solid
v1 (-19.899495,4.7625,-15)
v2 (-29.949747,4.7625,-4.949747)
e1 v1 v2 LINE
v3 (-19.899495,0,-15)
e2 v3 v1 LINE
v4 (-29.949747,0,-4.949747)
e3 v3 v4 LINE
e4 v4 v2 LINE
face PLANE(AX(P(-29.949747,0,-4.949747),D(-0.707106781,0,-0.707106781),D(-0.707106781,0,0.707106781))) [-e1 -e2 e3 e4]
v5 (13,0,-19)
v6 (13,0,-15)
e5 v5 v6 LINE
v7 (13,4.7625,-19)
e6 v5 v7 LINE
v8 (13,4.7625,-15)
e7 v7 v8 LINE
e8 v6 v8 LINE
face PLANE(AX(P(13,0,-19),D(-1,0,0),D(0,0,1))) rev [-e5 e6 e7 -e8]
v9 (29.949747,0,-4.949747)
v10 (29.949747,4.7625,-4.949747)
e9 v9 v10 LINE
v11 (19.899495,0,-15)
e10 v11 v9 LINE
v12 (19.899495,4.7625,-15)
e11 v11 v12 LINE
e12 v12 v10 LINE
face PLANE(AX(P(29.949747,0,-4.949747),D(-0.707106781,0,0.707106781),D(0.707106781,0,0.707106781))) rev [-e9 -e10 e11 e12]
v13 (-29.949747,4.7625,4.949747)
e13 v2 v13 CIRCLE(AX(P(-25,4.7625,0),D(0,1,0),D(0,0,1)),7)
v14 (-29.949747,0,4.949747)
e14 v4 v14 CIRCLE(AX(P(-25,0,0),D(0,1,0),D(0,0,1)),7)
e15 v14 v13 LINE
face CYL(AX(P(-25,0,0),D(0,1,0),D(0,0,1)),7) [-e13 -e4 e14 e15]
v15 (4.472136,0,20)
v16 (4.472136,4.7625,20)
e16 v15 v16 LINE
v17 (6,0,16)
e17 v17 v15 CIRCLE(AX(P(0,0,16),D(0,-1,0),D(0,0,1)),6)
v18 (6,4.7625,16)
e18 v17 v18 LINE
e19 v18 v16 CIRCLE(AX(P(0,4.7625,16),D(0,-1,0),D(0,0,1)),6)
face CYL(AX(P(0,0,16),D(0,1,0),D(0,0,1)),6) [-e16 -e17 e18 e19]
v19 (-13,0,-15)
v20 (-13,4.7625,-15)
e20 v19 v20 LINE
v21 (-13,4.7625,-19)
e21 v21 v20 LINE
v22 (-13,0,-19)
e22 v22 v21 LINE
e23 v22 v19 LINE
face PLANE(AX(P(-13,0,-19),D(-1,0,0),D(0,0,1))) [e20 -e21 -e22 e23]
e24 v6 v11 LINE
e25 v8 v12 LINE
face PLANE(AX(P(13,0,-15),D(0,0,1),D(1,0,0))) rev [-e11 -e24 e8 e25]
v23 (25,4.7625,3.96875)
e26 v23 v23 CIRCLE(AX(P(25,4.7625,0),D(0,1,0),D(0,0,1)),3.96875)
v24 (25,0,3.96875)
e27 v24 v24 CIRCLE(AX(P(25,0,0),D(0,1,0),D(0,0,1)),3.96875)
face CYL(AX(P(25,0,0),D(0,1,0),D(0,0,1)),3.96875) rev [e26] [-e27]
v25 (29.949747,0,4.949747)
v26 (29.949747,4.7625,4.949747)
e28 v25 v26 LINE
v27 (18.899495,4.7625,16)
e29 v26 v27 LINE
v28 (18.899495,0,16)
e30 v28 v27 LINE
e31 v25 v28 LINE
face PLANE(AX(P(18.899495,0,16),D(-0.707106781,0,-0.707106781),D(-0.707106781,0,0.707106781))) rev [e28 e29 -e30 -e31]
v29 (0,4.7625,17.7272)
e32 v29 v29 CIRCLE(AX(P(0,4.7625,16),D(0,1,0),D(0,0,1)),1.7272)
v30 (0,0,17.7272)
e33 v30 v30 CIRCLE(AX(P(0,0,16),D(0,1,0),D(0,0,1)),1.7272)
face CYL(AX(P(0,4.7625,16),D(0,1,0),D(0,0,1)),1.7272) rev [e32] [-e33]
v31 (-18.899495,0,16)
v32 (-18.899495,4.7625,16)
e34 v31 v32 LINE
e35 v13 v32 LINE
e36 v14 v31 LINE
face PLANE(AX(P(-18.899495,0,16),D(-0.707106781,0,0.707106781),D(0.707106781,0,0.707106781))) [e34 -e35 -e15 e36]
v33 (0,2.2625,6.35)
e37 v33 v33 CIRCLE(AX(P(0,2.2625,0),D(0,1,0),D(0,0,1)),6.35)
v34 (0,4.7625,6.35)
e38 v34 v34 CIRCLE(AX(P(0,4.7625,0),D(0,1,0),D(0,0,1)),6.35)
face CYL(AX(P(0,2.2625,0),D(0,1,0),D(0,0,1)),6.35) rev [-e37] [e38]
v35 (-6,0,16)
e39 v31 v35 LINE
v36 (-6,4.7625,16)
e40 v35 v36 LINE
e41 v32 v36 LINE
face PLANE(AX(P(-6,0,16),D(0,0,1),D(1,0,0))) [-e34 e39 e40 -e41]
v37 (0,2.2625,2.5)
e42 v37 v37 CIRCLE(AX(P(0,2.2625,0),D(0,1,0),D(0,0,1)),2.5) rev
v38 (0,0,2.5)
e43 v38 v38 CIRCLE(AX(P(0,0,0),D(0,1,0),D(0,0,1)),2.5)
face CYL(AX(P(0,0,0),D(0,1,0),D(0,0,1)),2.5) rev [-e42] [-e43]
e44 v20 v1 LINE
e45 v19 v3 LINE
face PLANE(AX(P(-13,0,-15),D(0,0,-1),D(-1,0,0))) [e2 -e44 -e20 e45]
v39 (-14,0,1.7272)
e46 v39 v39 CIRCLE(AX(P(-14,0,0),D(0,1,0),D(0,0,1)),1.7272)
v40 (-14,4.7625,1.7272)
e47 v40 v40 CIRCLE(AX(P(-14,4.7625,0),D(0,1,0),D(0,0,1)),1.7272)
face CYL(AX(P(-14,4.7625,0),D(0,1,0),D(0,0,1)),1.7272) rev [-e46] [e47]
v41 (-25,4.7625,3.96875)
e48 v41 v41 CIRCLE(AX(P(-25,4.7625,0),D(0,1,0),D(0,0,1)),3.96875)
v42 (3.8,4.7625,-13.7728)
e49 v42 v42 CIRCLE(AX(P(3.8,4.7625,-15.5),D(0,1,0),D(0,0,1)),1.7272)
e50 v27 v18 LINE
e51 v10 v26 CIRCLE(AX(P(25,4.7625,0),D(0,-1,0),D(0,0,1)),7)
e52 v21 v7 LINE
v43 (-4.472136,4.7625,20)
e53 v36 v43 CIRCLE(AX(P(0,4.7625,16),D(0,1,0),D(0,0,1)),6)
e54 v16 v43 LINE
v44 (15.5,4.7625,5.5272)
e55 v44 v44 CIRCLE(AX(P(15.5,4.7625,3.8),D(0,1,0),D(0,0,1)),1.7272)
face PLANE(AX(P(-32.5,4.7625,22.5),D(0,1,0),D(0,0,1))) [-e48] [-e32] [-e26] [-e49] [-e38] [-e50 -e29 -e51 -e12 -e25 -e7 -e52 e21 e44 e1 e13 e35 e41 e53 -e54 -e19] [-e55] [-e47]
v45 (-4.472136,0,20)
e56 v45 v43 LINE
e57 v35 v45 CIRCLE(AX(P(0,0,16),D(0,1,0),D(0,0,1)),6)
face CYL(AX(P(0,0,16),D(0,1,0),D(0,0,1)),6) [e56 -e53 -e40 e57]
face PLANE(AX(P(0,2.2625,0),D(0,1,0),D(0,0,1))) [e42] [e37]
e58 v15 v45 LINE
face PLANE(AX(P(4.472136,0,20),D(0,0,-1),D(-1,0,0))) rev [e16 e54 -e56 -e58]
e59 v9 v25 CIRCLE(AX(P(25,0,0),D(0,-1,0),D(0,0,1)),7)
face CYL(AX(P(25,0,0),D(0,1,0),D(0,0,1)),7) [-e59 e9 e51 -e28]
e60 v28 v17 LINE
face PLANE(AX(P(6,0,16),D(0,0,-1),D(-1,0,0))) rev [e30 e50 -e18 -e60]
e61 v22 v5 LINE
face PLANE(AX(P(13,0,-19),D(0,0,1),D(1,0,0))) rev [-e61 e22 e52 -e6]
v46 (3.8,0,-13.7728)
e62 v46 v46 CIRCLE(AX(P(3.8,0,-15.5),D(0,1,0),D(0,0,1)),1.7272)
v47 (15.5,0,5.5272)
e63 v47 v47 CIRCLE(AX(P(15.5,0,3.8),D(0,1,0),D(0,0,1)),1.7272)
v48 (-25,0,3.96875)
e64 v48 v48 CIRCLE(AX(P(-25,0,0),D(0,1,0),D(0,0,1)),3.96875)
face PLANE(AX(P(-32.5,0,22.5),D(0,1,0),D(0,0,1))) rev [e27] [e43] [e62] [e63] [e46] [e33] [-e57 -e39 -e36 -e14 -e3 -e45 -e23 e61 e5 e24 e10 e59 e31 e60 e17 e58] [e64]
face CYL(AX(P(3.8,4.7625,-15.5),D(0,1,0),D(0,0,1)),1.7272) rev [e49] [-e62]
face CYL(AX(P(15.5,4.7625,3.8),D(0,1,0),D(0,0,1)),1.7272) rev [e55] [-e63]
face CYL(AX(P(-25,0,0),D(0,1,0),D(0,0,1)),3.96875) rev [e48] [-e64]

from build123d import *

# Parameters (mm, degrees)
SKETCH1_W             = 65
SKETCH1_H             = 45
BOSS_EXTRUDE1_DEPTH   = 4.7625
SKETCH2_R             = 2.5
CUT_EXTRUDE1_DEPTH    = 5.7625
F_8_32_TAPPED_HOLE1_D = 3.4544
SKETCH6_R             = 3.96875
CUT_EXTRUDE2_DEPTH    = 5.7625
CUT_EXTRUDE3_DEPTH    = 5.7625
SKETCH9_R             = 6.35
CUT_EXTRUDE4_DEPTH    = 2.5


with BuildPart() as part:
    # Sketch1 → Boss-Extrude1 (new body)
    with BuildSketch(Plane(origin=(0, 0, 0), x_dir=(1, 0, 0), z_dir=(0, 1, 0))):
        Rectangle(SKETCH1_W, SKETCH1_H)
    extrude(amount=BOSS_EXTRUDE1_DEPTH)

    # Sketch2 → Cut-Extrude1 (cut, through all)
    with BuildSketch(Plane(origin=(0, 4.7625, 0), x_dir=(1, 0, 0), z_dir=(0, 1, 0))):
        Circle(SKETCH2_R)
    extrude(amount=-CUT_EXTRUDE1_DEPTH, mode=Mode.SUBTRACT)

    # #8-32 Tapped Hole1 (through all)
    with Locations(Plane(origin=(-15.76090252, 4.7625, 28.427239646), x_dir=(-1, 0, 0), z_dir=(0, 1, 0))):
        with Locations((-31.26090252, -24.627239646), (-1.76090252, -28.427239646), (-19.56090252, -43.927239646), (-15.76090252, -12.427239646)):
            Hole(F_8_32_TAPPED_HOLE1_D / 2)

    # Sketch6 → Cut-Extrude2 (cut, through all)
    with BuildSketch(Plane(origin=(0, 4.7625, 0), x_dir=(1, 0, 0), z_dir=(0, 1, 0))):
        with Locations((-25, 0)):
            Circle(SKETCH6_R)
        with Locations((25, 0)):
            Circle(SKETCH6_R)
    extrude(amount=-CUT_EXTRUDE2_DEPTH, mode=Mode.SUBTRACT)

    # Sketch8 → Cut-Extrude3 (cut, through all)
    with BuildSketch(Plane(origin=(0, 4.7625, 0), x_dir=(1, 0, 0), z_dir=(0, 1, 0))):
        with BuildLine():
            Line((6, -16), (18.899494937, -16))
            Line((18.899494937, -16), (29.949747468, -4.949747468))
            ThreePointArc((29.949747468, -4.949747468), (32, 0), (29.949747468, 4.949747468))
            Line((29.949747468, 4.949747468), (19.899494937, 15))
            Line((19.899494937, 15), (13, 15))
            Line((13, 15), (13, 19))
            Line((13, 19), (0, 19))
            Line((0, 19), (0, 22.5))
            Line((0, 22.5), (32.5, 22.5))
            Line((32.5, 22.5), (32.5, -22.5))
            Line((32.5, -22.5), (0, -22.5))
            Line((0, -22.5), (0, -20))
            Line((0, -20), (4.472135955, -20))
            ThreePointArc((4.472135955, -20), (5.605034154, -18.140932539), (6, -16))
        make_face()
    cut_extrude3 = extrude(amount=-CUT_EXTRUDE3_DEPTH, mode=Mode.SUBTRACT)

    # Mirror1: Cut-Extrude3 across plane
    add(cut_extrude3.mirror(Plane(origin=(0, 0, 0), x_dir=(0, 0, 1), z_dir=(1, 0, 0))), mode=Mode.SUBTRACT)

    # Sketch9 → Cut-Extrude4 (cut)
    with BuildSketch(Plane(origin=(0, 4.7625, 0), x_dir=(1, 0, 0), z_dir=(0, 1, 0))):
        Circle(SKETCH9_R)
    extrude(amount=-CUT_EXTRUDE4_DEPTH, mode=Mode.SUBTRACT)


solid = part.part
